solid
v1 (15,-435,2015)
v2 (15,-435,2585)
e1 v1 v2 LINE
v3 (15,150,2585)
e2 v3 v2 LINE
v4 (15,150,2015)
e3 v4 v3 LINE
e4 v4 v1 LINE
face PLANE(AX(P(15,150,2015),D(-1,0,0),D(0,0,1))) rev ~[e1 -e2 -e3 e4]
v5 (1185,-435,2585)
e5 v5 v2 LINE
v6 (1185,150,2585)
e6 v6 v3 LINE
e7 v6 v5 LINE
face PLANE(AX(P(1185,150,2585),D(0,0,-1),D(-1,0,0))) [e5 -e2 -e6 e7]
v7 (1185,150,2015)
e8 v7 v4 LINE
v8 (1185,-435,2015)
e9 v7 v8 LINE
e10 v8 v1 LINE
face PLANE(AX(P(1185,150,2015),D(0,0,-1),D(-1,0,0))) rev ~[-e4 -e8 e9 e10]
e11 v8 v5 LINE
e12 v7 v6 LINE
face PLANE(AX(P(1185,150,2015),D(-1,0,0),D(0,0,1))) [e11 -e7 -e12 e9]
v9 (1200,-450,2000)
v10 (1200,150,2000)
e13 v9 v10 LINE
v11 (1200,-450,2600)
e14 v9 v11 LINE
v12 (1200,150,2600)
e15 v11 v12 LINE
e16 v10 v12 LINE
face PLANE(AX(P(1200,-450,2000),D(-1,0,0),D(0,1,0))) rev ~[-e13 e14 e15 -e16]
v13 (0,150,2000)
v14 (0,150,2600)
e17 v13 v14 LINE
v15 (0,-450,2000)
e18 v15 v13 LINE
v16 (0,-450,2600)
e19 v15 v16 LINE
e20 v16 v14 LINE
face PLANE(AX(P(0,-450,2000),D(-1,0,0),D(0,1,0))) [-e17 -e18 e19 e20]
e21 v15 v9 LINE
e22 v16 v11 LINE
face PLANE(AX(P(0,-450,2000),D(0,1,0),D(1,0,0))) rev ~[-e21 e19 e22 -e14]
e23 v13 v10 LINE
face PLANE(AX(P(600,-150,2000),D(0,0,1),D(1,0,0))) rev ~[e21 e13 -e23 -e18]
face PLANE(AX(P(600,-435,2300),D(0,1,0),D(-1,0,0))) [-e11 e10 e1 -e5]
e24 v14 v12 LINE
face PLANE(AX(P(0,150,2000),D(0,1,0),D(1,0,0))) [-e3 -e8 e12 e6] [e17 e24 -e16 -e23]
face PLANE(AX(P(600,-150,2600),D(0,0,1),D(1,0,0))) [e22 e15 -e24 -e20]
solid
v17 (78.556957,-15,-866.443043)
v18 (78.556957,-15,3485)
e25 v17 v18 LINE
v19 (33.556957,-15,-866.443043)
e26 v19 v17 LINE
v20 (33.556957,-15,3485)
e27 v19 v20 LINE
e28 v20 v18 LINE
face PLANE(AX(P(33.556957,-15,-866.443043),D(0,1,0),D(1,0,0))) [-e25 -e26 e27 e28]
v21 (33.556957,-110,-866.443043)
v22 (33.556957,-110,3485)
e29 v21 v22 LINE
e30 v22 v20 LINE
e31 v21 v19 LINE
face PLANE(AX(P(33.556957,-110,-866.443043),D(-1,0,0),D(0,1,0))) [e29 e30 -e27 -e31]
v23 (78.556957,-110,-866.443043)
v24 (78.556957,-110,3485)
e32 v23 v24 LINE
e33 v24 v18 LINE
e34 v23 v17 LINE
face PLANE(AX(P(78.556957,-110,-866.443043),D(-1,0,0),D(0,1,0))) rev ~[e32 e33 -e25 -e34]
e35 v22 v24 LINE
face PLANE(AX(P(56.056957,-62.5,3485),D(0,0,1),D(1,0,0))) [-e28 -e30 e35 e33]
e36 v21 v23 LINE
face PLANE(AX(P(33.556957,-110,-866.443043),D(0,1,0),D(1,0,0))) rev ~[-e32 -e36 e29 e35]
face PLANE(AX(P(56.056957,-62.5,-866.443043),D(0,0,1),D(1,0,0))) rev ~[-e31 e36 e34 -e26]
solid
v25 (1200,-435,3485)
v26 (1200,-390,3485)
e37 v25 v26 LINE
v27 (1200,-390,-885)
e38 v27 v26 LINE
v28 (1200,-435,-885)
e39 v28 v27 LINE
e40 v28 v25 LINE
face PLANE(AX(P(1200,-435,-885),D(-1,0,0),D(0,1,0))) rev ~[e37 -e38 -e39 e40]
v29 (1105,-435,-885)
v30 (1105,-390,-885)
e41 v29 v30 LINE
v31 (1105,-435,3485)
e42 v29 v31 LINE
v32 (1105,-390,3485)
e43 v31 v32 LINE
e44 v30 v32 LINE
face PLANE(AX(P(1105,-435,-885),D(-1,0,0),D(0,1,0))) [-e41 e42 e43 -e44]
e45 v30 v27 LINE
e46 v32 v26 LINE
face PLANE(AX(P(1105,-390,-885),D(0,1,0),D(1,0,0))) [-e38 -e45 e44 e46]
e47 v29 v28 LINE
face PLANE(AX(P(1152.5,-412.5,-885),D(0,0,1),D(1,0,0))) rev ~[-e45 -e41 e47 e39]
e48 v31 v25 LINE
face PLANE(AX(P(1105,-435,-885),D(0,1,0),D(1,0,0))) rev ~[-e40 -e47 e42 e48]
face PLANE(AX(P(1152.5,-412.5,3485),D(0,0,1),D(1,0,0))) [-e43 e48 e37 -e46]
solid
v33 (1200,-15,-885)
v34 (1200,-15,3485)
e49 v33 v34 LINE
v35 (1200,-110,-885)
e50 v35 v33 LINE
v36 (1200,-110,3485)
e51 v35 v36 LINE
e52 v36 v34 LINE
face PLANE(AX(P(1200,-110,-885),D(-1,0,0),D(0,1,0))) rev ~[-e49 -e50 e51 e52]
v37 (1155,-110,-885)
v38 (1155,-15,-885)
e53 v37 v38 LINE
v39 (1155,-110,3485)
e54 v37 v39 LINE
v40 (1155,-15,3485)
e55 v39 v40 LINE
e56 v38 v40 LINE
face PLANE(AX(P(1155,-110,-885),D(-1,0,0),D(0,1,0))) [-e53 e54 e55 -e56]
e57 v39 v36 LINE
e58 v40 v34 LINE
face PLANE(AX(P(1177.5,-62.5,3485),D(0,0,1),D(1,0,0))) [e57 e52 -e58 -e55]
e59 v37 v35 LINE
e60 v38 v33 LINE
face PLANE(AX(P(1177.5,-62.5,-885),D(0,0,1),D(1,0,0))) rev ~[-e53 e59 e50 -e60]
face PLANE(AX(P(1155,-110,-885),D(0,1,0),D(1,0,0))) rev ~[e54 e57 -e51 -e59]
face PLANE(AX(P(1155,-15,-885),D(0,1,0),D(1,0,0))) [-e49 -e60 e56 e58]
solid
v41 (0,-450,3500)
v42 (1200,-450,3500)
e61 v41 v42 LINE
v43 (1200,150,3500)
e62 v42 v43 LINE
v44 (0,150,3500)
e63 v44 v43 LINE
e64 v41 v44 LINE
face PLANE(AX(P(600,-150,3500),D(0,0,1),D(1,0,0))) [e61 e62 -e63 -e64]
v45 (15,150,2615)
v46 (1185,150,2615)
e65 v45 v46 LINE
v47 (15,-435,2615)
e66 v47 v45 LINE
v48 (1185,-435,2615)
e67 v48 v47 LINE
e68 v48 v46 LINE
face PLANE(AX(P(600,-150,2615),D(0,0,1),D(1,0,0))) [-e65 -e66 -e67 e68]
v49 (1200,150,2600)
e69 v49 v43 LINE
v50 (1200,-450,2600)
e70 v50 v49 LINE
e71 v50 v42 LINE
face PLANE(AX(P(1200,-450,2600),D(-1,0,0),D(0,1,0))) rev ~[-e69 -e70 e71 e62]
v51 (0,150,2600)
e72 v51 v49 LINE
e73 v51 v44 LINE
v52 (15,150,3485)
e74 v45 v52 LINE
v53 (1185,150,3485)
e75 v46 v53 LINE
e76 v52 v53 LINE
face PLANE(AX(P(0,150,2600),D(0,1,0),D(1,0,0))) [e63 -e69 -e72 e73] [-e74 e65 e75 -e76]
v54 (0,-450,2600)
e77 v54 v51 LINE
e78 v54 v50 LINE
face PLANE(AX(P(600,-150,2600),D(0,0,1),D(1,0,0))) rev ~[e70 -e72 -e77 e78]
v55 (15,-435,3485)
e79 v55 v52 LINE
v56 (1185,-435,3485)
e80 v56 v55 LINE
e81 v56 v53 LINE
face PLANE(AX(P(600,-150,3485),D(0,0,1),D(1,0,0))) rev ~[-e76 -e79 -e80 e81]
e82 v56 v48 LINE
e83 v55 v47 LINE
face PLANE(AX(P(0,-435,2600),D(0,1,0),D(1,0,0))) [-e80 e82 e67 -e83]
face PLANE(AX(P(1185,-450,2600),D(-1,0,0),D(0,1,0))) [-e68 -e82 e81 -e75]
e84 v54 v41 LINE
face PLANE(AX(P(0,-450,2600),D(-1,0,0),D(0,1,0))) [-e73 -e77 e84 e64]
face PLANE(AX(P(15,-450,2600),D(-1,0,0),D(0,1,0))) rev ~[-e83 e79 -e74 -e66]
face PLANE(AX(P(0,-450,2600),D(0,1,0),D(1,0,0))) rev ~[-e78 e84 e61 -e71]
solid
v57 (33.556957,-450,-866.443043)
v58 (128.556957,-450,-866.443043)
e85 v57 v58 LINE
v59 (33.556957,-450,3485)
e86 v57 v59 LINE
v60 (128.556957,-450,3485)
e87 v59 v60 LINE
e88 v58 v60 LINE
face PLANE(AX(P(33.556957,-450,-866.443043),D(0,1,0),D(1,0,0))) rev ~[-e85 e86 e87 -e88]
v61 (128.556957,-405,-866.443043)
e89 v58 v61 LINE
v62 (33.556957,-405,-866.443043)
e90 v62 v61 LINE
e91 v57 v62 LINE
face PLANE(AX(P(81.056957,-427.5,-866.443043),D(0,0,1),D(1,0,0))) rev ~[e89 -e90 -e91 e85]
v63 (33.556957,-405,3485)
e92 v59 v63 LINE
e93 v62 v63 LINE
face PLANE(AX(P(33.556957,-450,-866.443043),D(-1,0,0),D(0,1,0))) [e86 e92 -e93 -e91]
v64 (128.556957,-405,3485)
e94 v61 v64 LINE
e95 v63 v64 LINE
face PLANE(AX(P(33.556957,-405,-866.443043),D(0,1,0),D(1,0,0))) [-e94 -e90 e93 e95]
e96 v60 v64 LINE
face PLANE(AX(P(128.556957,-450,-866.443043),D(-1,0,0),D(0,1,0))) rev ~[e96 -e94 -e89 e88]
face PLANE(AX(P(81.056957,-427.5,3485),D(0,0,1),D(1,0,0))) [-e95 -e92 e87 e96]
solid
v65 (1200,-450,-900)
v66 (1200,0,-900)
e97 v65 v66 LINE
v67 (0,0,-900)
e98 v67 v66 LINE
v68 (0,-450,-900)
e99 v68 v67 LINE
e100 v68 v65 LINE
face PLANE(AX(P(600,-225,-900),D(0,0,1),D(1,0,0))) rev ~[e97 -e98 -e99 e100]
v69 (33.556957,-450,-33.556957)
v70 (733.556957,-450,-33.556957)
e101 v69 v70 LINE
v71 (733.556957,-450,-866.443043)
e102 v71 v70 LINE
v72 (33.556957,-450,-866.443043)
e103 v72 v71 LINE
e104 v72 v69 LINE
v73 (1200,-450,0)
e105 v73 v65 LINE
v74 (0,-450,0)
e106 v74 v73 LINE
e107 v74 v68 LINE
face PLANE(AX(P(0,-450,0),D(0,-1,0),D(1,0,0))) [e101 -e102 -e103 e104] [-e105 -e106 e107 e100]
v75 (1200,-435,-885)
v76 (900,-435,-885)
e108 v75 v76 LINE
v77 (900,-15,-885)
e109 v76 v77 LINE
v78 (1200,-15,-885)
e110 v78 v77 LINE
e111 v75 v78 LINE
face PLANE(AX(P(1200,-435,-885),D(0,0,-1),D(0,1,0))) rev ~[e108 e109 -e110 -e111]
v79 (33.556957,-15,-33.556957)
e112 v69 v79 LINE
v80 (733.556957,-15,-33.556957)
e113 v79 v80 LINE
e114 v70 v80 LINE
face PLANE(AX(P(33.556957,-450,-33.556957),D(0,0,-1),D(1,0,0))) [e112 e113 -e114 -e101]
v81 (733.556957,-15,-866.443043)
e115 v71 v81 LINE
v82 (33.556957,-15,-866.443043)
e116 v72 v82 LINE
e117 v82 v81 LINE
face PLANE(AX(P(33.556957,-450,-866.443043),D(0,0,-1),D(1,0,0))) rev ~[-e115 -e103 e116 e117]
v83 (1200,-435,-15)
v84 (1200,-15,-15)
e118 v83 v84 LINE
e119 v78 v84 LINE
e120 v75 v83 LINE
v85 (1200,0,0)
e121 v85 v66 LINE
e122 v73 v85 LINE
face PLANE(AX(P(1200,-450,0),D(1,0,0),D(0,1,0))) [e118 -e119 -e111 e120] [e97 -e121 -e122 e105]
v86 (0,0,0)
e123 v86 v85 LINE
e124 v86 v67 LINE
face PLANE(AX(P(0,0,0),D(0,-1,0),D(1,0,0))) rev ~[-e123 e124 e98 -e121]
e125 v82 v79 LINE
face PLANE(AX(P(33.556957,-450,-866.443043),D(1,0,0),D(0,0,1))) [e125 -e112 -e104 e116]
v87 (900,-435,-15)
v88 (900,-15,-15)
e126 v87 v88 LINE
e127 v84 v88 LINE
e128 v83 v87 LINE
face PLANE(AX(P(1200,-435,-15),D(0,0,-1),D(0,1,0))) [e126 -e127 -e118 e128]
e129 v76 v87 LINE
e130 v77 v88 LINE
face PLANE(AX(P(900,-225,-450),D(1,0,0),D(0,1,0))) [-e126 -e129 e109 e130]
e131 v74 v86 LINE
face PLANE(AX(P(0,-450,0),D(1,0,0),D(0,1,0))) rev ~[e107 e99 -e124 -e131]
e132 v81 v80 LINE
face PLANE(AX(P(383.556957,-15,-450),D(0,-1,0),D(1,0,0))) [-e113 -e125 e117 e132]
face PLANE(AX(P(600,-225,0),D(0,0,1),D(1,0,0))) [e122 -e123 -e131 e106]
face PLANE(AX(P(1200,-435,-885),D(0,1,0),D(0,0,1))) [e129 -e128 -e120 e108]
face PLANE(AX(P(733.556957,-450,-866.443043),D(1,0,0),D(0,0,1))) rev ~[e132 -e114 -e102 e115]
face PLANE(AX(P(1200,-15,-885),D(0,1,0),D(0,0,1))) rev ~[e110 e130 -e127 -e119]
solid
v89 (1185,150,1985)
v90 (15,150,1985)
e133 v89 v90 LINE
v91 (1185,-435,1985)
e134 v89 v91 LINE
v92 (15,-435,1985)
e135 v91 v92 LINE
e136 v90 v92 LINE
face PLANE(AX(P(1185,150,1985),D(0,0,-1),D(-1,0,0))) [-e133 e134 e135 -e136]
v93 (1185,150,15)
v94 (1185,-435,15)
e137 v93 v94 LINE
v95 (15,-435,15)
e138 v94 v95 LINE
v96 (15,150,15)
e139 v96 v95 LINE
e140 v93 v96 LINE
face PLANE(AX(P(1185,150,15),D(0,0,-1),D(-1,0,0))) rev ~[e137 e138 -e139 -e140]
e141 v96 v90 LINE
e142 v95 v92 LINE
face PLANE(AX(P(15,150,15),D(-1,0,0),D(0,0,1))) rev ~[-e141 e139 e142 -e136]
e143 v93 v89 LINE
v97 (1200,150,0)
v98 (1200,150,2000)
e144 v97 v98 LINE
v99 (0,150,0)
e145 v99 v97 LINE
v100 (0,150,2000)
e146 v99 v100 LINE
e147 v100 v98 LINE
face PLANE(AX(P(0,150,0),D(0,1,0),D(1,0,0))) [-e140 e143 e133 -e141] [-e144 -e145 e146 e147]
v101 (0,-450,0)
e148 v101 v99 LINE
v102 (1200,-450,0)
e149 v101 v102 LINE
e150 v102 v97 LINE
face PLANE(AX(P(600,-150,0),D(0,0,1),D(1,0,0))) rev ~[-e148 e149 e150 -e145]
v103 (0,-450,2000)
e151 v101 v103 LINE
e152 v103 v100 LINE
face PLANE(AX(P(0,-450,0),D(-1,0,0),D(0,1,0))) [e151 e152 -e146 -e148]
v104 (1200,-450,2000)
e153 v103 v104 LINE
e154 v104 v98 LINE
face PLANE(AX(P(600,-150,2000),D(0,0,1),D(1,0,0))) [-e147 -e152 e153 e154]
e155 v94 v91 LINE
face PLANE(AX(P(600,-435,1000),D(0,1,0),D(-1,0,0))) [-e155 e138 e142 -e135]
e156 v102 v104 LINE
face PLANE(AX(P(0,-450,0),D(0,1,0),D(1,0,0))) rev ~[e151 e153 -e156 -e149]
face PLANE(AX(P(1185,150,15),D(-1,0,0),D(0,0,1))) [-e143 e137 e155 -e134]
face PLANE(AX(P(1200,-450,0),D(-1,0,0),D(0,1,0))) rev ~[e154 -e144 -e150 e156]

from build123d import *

# Parameters (mm, degrees)
F0_W      = 1200
F0_H      = 450
F1_DEPTH  = 900
F2_W      = 1200
F2_H      = 600
F3_DEPTH  = 2000
F4_W      = 1200
F4_H      = 600
F5_DEPTH  = 600
F6_W      = 1200
F6_H      = 600
F7_DEPTH  = 900
F8_W      = 420
F8_H      = 870
F9_DEPTH  = 300
F10_W     = 700
F10_H     = 832.8860864043
F11_DEPTH = 435
F12_W     = 1170
F12_H     = 1970
F13_DEPTH = 585
F14_W     = 1170
F14_H     = 570
F15_DEPTH = 585
F16_T     = -15
F17_W     = 95
F17_H     = 45
F18_DEPTH = 4370
F19_W     = 95
F19_H     = 45
F20_DEPTH = 4351.4430432022
F21_W     = 45
F21_H     = 95
F22_DEPTH = 4351.4430432022
F23_W     = 45
F23_H     = 95
F24_DEPTH = 4370


with BuildPart() as f1:
    # F0 (on Top) → F1 (new body)
    with BuildSketch(Plane.XY):
        with Locations((600, -225)):
            Rectangle(F0_W, F0_H)
    extrude(amount=-F1_DEPTH)

    # F8 (on face) → F9 (cut)
    with BuildSketch(Plane.YZ.offset(1200)):
        with Locations((-225, -450)):
            Rectangle(F8_W, F8_H)
    extrude(amount=-F9_DEPTH, mode=Mode.SUBTRACT)

    # F10 (on face) → F11 (cut)
    with BuildSketch(Plane.XZ.offset(450)):
        with Locations((383.5569567978, -450)):
            Rectangle(F10_W, F10_H)
    extrude(amount=-F11_DEPTH, mode=Mode.SUBTRACT)


with BuildPart() as f3:
    # F2 (on face) → F3 (new body)
    with BuildSketch(Plane.XY):
        with Locations((600, -150)):
            Rectangle(F2_W, F2_H)
    extrude(amount=F3_DEPTH)

    # F12 (on face) → F13 (cut)
    with BuildSketch(Plane(origin=(0, 150, 0), x_dir=(-1, 0, 0), z_dir=(0, 1, 0))):
        with Locations((-600, 1000)):
            Rectangle(F12_W, F12_H)
    extrude(amount=-F13_DEPTH, mode=Mode.SUBTRACT)


with BuildPart() as f5:
    # F4 (on face) → F5 (new body)
    with BuildSketch(Plane.XY.offset(2000)):
        with Locations((600, -150)):
            Rectangle(F4_W, F4_H)
    extrude(amount=F5_DEPTH)

    # F14 (on face) → F15 (cut)
    with BuildSketch(Plane(origin=(0, 150, 0), x_dir=(-1, 0, 0), z_dir=(0, 1, 0))):
        with Locations((-600, 2300)):
            Rectangle(F14_W, F14_H)
    extrude(amount=-F15_DEPTH, mode=Mode.SUBTRACT)


with BuildPart() as f7:
    # F6 (on face) → F7 (new body)
    with BuildSketch(Plane.XY.offset(2600)):
        with Locations((600, -150)):
            Rectangle(F6_W, F6_H)
    extrude(amount=F7_DEPTH)

    # F16
    f16_openings = [f7.faces().sort_by_distance(p)[0] for p in [
        (600, 150, 3050),
    ]]
    offset(amount=F16_T, openings=f16_openings)


with BuildPart() as f18:
    # F17 (on face) → F18 (new body, through all)
    with BuildSketch(Plane.XY.offset(-885)):
        with Locations((1152.5, -412.5)):
            Rectangle(F17_W, F17_H)
    extrude(amount=F18_DEPTH)


with BuildPart() as f20:
    # F19 (on face) → F20 (new body, through all)
    with BuildSketch(Plane.XY.offset(-866.4430432022)):
        with Locations((81.0569567978, -427.5)):
            Rectangle(F19_W, F19_H)
    extrude(amount=F20_DEPTH)


with BuildPart() as f22:
    # F21 (on face) → F22 (new body, through all)
    with BuildSketch(Plane.XY.offset(-866.4430432022)):
        with Locations((56.0569567978, -62.5)):
            Rectangle(F21_W, F21_H)
    extrude(amount=F22_DEPTH)


with BuildPart() as f24:
    # F23 (on face) → F24 (new body, through all)
    with BuildSketch(Plane.XY.offset(-885)):
        with Locations((1177.5, -62.5)):
            Rectangle(F23_W, F23_H)
    extrude(amount=F24_DEPTH)


solid = Compound([f1.part, f3.part, f5.part, f7.part, f18.part, f20.part, f22.part, f24.part])
